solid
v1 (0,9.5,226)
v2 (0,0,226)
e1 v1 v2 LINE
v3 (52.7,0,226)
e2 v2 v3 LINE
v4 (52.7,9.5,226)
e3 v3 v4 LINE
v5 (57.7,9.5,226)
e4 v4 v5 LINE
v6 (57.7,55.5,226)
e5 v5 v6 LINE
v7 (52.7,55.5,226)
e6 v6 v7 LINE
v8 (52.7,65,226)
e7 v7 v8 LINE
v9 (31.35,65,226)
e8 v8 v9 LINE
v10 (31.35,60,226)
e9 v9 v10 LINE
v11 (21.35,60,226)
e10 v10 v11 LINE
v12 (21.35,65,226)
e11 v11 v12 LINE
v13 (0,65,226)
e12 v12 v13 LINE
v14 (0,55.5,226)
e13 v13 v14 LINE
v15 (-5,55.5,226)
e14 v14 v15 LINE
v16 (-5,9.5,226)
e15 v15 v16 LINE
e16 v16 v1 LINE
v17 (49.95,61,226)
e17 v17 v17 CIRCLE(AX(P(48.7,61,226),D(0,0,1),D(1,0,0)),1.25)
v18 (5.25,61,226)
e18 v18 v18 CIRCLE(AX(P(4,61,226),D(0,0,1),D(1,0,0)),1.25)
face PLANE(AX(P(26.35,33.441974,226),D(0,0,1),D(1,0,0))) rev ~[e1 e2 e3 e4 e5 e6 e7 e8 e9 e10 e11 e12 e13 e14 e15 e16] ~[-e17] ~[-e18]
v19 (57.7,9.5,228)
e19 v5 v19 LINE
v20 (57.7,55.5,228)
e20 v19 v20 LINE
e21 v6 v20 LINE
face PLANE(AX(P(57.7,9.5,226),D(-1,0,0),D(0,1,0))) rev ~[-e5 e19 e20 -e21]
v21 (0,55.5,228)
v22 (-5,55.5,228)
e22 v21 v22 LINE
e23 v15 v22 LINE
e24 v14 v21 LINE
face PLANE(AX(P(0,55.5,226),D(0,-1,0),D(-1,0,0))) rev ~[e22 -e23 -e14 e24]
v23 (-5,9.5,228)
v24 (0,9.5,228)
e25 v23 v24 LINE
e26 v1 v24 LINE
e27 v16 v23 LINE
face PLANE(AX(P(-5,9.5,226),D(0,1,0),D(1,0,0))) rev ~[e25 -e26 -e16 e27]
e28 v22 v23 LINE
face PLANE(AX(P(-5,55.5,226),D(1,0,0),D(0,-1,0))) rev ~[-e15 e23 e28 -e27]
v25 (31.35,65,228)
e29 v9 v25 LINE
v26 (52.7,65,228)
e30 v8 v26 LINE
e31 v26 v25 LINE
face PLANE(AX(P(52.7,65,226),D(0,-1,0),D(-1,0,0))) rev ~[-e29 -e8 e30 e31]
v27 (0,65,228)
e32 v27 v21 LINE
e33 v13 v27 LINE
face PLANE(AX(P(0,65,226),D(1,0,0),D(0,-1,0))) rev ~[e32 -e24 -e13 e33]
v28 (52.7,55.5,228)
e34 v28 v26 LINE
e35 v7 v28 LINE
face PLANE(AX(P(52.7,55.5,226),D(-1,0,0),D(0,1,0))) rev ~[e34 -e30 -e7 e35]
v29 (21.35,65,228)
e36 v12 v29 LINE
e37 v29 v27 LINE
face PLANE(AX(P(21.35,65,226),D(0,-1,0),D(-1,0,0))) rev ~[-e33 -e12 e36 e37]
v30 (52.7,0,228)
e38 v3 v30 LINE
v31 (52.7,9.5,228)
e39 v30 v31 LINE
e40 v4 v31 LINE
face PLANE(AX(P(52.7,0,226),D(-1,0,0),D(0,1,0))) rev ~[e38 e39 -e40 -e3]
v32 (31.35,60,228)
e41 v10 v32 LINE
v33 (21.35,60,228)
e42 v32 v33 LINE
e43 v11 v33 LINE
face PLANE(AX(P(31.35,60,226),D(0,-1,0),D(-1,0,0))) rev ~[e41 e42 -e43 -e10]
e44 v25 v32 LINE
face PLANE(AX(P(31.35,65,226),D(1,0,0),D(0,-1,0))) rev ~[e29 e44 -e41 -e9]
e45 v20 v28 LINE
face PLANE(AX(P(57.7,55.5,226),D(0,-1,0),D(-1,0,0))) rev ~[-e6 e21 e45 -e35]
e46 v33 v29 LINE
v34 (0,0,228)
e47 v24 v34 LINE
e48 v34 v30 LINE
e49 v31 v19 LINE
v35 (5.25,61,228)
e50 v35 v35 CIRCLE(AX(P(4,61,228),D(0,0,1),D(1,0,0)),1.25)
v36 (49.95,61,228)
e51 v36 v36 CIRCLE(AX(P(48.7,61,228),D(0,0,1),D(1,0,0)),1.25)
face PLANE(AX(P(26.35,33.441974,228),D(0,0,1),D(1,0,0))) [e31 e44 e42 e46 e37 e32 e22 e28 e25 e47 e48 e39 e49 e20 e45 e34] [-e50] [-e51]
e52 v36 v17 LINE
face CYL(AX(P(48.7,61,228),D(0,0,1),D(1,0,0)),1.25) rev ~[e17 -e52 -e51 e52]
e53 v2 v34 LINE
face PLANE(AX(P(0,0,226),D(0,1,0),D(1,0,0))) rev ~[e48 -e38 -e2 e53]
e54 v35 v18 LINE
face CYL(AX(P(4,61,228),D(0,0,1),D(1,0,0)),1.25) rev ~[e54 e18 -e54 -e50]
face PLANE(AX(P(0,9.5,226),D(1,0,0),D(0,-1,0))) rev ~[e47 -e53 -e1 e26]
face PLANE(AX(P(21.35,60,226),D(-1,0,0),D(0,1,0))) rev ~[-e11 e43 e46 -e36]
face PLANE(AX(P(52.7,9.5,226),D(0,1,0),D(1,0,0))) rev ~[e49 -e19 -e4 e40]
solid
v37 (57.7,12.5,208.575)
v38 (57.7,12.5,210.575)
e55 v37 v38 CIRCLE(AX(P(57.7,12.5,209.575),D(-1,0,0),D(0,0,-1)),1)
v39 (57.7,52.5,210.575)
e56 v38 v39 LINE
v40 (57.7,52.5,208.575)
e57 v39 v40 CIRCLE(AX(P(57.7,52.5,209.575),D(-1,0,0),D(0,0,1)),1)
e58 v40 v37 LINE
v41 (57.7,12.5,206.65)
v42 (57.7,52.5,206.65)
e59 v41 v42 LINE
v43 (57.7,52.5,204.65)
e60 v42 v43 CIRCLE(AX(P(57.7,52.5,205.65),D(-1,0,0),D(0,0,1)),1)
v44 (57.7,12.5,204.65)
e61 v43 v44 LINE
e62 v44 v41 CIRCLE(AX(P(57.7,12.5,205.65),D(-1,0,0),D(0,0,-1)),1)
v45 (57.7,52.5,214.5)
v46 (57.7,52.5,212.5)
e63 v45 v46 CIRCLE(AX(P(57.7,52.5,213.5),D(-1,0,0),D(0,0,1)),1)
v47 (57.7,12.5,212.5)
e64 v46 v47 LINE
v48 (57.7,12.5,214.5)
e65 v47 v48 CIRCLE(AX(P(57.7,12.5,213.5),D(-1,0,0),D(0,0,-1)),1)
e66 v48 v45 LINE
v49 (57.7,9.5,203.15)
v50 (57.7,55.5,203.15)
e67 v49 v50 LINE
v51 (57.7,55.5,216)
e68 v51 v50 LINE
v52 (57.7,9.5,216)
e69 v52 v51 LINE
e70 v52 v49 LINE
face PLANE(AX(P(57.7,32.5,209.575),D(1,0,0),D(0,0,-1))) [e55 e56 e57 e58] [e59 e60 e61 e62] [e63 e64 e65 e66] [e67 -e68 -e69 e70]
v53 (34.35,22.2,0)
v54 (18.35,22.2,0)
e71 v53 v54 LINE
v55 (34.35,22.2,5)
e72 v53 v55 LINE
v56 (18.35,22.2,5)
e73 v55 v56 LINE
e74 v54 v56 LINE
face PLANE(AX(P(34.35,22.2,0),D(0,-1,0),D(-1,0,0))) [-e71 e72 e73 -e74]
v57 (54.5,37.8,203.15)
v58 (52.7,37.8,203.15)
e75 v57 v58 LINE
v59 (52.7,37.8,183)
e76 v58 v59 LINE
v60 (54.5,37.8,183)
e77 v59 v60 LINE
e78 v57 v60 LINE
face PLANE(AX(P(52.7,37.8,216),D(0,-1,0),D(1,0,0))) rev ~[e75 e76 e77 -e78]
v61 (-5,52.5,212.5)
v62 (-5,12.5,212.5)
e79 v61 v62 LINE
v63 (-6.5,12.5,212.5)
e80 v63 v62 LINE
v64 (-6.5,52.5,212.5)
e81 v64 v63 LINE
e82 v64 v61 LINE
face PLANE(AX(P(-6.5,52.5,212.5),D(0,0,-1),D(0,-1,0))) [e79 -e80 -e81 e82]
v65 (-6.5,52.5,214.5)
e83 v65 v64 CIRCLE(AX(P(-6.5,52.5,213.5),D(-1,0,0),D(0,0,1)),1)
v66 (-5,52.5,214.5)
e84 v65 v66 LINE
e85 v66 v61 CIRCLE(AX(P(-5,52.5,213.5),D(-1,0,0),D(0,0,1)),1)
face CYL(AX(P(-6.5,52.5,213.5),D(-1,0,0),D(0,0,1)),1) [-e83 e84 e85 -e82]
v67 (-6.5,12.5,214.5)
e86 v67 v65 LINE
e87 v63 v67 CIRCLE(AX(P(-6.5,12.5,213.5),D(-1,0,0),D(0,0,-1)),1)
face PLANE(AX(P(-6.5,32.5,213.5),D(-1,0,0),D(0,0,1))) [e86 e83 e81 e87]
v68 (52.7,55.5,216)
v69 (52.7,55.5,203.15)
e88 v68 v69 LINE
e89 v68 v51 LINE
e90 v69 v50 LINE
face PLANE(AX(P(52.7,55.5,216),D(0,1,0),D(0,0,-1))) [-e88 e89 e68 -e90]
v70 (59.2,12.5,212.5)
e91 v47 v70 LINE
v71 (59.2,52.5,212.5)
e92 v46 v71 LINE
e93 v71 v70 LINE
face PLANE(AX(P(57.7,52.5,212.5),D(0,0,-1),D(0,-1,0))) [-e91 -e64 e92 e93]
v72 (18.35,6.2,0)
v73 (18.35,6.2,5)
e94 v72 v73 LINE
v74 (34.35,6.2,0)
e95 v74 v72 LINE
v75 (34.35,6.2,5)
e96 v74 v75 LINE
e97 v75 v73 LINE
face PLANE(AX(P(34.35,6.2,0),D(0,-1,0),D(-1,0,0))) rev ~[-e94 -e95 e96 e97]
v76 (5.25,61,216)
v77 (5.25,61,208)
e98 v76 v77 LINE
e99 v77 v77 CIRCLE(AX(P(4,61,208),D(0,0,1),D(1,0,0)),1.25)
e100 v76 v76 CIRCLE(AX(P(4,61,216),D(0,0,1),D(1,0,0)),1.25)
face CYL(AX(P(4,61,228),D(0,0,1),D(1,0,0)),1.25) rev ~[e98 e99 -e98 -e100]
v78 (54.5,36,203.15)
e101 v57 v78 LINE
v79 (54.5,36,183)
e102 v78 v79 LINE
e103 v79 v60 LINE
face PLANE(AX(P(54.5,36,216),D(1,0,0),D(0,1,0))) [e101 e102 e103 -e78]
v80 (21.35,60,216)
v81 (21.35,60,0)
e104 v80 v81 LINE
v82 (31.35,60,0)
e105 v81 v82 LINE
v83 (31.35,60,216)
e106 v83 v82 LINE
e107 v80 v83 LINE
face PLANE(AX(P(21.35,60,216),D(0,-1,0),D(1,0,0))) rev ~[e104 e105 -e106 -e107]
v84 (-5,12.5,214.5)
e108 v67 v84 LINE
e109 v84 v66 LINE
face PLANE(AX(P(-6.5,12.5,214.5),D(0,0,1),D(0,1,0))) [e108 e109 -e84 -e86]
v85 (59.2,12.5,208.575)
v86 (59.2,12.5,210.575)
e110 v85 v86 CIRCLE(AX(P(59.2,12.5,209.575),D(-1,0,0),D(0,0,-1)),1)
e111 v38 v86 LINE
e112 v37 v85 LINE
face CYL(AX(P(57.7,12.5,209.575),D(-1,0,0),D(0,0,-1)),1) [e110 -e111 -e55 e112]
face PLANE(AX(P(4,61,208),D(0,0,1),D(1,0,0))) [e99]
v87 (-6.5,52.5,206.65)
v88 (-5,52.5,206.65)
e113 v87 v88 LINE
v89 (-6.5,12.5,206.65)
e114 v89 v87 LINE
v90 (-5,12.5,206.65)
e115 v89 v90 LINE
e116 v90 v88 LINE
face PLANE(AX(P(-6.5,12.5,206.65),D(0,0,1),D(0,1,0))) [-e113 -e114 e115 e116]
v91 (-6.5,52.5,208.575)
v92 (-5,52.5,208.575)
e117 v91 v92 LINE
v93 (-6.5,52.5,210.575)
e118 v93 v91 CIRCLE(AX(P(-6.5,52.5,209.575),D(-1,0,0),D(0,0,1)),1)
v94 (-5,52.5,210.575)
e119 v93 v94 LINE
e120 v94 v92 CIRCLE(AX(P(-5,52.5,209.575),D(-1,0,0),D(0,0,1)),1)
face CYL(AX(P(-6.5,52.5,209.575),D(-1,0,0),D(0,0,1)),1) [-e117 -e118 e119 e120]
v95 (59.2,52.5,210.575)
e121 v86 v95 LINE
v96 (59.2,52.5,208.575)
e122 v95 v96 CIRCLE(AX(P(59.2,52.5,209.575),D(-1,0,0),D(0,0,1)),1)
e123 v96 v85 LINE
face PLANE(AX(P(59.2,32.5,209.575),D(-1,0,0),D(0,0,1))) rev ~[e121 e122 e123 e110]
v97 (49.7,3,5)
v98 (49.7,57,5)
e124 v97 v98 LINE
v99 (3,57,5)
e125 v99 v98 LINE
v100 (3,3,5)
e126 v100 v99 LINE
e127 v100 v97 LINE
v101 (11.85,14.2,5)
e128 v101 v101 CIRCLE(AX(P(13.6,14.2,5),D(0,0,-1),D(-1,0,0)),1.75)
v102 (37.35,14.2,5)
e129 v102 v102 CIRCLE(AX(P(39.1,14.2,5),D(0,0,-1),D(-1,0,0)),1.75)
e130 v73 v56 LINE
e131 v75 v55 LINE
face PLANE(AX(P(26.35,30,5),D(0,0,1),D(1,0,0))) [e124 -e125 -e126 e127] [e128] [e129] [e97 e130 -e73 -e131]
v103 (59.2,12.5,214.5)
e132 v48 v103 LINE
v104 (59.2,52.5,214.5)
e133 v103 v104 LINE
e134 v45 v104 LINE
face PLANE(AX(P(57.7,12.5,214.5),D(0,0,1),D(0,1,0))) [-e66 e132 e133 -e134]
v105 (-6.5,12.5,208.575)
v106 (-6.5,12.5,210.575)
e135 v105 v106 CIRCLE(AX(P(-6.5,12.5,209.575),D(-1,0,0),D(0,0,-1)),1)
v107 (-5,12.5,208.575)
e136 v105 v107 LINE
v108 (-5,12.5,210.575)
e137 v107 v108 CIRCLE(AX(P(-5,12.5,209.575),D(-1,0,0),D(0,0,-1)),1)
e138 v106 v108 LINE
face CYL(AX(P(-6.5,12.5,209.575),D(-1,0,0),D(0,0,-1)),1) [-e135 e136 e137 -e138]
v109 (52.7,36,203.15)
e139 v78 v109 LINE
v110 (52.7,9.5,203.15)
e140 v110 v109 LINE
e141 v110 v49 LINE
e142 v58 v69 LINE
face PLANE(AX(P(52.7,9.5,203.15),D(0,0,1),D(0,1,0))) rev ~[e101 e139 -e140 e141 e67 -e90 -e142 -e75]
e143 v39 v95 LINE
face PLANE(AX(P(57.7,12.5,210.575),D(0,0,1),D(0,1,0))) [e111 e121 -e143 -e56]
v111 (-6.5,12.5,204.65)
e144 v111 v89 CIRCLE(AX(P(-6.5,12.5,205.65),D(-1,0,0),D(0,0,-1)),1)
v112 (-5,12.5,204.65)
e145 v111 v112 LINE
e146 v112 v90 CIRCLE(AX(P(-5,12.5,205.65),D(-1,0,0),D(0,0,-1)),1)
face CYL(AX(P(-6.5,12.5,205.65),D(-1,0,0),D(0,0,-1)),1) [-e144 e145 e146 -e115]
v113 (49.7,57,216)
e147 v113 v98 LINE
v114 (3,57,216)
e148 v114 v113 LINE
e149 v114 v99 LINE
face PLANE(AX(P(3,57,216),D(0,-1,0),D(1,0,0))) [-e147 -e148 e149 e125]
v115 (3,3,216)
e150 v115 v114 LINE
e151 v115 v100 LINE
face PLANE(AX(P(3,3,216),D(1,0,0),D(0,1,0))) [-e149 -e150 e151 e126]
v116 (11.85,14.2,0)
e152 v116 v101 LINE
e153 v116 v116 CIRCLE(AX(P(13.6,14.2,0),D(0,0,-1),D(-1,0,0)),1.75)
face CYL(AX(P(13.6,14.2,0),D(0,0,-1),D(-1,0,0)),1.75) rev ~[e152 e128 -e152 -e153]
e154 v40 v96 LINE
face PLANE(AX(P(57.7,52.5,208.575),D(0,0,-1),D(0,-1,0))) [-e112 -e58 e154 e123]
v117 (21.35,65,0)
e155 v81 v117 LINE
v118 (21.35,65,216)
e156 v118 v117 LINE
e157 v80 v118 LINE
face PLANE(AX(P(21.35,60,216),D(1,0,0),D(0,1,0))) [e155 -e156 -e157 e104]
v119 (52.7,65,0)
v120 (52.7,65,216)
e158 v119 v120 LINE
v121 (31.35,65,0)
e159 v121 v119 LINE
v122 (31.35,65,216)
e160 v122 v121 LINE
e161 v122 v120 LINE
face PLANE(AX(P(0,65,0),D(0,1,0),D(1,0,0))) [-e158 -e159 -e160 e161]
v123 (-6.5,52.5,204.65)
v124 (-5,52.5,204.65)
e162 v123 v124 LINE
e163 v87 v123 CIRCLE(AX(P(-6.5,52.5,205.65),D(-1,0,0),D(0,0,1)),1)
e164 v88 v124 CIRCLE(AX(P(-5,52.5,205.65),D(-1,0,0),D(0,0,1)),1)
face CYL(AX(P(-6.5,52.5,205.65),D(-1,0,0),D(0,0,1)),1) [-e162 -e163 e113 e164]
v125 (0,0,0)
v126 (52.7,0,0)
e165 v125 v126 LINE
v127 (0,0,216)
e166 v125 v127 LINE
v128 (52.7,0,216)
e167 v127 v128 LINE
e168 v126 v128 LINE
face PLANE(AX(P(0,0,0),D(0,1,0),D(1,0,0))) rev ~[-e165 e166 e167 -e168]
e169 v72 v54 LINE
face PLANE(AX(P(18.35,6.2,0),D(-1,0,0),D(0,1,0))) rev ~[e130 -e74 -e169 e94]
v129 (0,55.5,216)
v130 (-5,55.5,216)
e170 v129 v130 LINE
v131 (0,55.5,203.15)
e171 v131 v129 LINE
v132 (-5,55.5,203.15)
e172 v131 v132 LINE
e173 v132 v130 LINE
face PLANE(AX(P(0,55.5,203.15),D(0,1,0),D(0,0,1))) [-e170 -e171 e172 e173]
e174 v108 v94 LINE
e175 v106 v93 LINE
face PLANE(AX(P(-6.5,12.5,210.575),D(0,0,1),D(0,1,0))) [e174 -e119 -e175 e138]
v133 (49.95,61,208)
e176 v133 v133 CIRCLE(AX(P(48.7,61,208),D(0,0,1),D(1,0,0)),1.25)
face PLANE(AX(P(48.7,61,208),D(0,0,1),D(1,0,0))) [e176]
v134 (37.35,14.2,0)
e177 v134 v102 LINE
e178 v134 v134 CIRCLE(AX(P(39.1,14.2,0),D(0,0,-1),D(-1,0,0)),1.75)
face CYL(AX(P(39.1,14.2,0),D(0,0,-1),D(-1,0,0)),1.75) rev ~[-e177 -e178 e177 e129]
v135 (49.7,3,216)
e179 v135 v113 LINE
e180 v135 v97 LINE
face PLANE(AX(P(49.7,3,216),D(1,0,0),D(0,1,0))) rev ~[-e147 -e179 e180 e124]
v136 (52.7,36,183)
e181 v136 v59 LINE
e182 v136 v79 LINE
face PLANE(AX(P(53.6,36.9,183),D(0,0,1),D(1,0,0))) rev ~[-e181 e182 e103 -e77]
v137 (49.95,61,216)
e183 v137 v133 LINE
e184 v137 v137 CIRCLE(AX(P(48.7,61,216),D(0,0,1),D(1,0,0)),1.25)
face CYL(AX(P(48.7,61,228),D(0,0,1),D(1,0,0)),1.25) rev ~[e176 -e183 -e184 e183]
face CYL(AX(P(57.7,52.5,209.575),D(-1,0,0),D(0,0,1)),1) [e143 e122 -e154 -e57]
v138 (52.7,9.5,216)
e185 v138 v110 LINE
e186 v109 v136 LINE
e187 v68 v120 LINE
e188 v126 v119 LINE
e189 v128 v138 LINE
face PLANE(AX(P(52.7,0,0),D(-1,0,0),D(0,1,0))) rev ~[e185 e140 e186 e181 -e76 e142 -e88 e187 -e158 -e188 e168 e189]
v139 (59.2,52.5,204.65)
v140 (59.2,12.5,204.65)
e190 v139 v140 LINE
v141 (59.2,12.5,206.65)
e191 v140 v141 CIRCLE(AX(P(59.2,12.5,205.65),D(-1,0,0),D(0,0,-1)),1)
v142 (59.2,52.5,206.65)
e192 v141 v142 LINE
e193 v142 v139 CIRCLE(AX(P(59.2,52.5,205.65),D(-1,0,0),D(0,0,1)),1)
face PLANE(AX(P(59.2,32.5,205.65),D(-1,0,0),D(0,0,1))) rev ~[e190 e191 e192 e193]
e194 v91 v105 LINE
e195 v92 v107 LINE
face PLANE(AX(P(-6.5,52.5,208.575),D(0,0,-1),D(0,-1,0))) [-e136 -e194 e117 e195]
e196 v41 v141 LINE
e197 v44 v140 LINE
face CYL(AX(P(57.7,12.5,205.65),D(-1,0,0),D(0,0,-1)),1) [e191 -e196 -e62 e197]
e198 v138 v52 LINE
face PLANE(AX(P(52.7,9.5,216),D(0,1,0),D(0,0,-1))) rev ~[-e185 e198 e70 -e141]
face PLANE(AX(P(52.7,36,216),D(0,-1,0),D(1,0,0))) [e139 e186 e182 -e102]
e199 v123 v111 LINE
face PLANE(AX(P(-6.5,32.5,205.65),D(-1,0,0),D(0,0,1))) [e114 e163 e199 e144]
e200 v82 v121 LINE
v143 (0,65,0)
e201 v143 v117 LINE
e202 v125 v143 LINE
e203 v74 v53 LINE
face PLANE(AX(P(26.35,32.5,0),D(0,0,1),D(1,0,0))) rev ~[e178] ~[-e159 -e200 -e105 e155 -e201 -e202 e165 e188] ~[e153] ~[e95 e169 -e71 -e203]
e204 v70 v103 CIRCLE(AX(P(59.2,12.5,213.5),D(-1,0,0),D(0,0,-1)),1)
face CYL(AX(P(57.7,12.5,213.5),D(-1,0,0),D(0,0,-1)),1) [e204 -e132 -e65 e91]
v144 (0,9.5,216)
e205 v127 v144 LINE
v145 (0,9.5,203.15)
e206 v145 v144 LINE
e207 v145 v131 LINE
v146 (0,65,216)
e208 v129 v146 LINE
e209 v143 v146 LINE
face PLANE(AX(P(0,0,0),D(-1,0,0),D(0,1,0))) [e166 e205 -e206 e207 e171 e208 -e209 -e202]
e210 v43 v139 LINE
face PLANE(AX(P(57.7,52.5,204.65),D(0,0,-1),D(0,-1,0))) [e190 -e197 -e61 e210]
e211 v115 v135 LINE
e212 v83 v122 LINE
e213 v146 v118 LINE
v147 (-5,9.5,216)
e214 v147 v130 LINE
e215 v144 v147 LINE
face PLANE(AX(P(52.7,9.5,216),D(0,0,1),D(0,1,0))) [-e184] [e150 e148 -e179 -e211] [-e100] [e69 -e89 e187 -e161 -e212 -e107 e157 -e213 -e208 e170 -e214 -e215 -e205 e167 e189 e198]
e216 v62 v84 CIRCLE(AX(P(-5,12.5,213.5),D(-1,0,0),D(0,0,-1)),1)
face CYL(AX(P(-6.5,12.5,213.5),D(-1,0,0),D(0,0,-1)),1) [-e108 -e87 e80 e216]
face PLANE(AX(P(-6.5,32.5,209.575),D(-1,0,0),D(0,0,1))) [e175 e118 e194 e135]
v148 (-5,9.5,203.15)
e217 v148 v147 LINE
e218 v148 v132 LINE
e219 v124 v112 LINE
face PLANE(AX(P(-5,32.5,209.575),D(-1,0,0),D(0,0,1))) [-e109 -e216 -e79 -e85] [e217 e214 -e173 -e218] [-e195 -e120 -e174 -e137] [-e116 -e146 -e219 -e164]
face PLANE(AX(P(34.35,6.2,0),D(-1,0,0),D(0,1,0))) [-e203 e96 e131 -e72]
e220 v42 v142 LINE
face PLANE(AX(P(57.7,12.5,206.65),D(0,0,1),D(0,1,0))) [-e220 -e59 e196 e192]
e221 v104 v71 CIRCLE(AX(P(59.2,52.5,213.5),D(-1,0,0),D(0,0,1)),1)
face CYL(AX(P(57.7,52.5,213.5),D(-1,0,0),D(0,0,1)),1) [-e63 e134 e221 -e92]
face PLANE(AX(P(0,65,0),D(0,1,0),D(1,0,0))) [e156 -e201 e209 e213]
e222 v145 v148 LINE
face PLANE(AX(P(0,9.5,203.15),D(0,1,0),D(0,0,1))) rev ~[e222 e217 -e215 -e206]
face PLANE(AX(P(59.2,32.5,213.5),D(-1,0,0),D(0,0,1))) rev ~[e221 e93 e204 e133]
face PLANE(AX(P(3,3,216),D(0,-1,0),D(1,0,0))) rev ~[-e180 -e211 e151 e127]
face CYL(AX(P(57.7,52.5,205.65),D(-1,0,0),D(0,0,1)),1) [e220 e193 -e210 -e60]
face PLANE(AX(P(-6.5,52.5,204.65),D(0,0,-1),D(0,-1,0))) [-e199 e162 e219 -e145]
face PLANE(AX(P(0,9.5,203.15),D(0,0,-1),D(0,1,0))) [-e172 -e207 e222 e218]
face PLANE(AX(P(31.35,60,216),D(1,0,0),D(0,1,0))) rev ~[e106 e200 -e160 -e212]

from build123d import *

# Parameters (mm, degrees)
SKETCH_1_W          = 52.7
SKETCH_1_H          = 65
EXTRUDE_1_DEPTH     = 216
SKETCH_2_W          = 10
SKETCH_2_H          = 5
CUT_EXTRUDE_1_DEPTH = 232.642591075
SKETCH_3_W          = 46.7
SKETCH_3_H          = 54
CUT_EXTRUDE_2_DEPTH = 211
SKETCH_6_R          = 1.75
SKETCH_6_W          = 16
SKETCH_6_H          = 16
CUT_EXTRUDE_3_DEPTH = 5
SKETCH_7_W          = 1.8
SKETCH_7_H          = 1.8
EXTRUDE_2_DEPTH     = 33
SKETCH_9_W          = 12.85
SKETCH_9_H          = 46
EXTRUDE_3_DEPTH     = 5
SKETCH_10_W         = 12.85
SKETCH_10_H         = 46
EXTRUDE_4_DEPTH     = 5
EXTRUDE_5_DEPTH     = 1.5
EXTRUDE_START       = 1.5
EXTRUDE_6_DEPTH     = 1.5
EXTRUDE_7_DEPTH     = 2
SKETCH_15_R         = 1.25
CUT_EXTRUDE_4_DEPTH = 20


with BuildPart() as part:
    # 草图1 → 凸台-拉伸1 (new body)
    with BuildSketch(Plane.XY):
        with Locations((26.35, 32.5)):
            Rectangle(SKETCH_1_W, SKETCH_1_H)
    extrude(amount=EXTRUDE_1_DEPTH)

    # 草图2 → 切除-拉伸1 (cut, through all)
    with BuildSketch(Plane.XY.offset(216)):
        with Locations((26.35, 62.5)):
            Rectangle(SKETCH_2_W, SKETCH_2_H)
    extrude(amount=-CUT_EXTRUDE_1_DEPTH, mode=Mode.SUBTRACT)

    # 草图3 → 切除-拉伸2 (cut)
    with BuildSketch(Plane.XY.offset(216)):
        with Locations((26.35, 30)):
            Rectangle(SKETCH_3_W, SKETCH_3_H)
    extrude(amount=-CUT_EXTRUDE_2_DEPTH, mode=Mode.SUBTRACT)

    # 草图6 → 切除-拉伸3 (cut)
    with BuildSketch(Plane(origin=(0, 0, 0), x_dir=(-1, 0, 0), z_dir=(0, 0, -1))):
        with Locations((-13.6, 14.2)):
            Circle(SKETCH_6_R)
        with Locations((-39.1, 14.2)):
            Circle(SKETCH_6_R)
        with Locations((-26.35, 14.2)):
            Rectangle(SKETCH_6_W, SKETCH_6_H)
    extrude(amount=-CUT_EXTRUDE_3_DEPTH, mode=Mode.SUBTRACT)

    # 草图7 → 凸台-拉伸2 (add)
    with BuildSketch(Plane.XY.offset(216)):
        with Locations((53.6, 36.9)):
            Rectangle(SKETCH_7_W, SKETCH_7_H)
    extrude(amount=-EXTRUDE_2_DEPTH)

    # 草图9 → 凸台-拉伸3 (add)
    with BuildSketch(Plane.ZY):
        with Locations((209.575, 32.5)):
            Rectangle(SKETCH_9_W, SKETCH_9_H)
    extrude(amount=EXTRUDE_3_DEPTH)

    # 草图10 → 凸台-拉伸4 (add)
    with BuildSketch(Plane(origin=(52.7, 0, 0), x_dir=(0, 0, -1), z_dir=(1, 0, 0))):
        with Locations((-209.575, 32.5)):
            Rectangle(SKETCH_10_W, SKETCH_10_H)
    extrude(amount=EXTRUDE_4_DEPTH)

    # 草图11 → 凸台-拉伸5 (add)
    with BuildSketch(Plane(origin=(57.7, 0, 0), x_dir=(0, 0, -1), z_dir=(1, 0, 0))):
        with BuildLine():
            Line((-214.5, 12.5), (-214.5, 52.5))
            ThreePointArc((-214.5, 52.5), (-213.5, 53.5), (-212.5, 52.5))
            Line((-212.5, 52.5), (-212.5, 12.5))
            ThreePointArc((-212.5, 12.5), (-213.5, 11.5), (-214.5, 12.5))
        make_face()
        with BuildLine():
            Line((-210.575, 12.5), (-210.575, 52.5))
            ThreePointArc((-210.575, 52.5), (-209.575, 53.5), (-208.575, 52.5))
            Line((-208.575, 52.5), (-208.575, 12.5))
            ThreePointArc((-208.575, 12.5), (-209.575, 11.5), (-210.575, 12.5))
        make_face()
        with BuildLine():
            Line((-206.65, 12.5), (-206.65, 52.5))
            ThreePointArc((-206.65, 52.5), (-205.65, 53.5), (-204.65, 52.5))
            Line((-204.65, 52.5), (-204.65, 12.5))
            ThreePointArc((-204.65, 12.5), (-205.65, 11.5), (-206.65, 12.5))
        make_face()
    extrude(amount=EXTRUDE_5_DEPTH)

    # 草图12 → 凸台-拉伸6 (add)
    with BuildSketch(Plane.ZY.offset(5).offset(EXTRUDE_START)):
        with BuildLine():
            Line((214.5, 12.5), (214.5, 52.5))
            ThreePointArc((214.5, 52.5), (213.5, 53.5), (212.5, 52.5))
            Line((212.5, 52.5), (212.5, 12.5))
            ThreePointArc((212.5, 12.5), (213.5, 11.5), (214.5, 12.5))
        make_face()
        with BuildLine():
            Line((206.65, 12.5), (206.65, 52.5))
            ThreePointArc((206.65, 52.5), (205.65, 53.5), (204.65, 52.5))
            Line((204.65, 52.5), (204.65, 12.5))
            ThreePointArc((204.65, 12.5), (205.65, 11.5), (206.65, 12.5))
        make_face()
        with BuildLine():
            Line((210.575, 12.5), (210.575, 52.5))
            ThreePointArc((210.575, 52.5), (209.575, 53.5), (208.575, 52.5))
            Line((208.575, 52.5), (208.575, 12.5))
            ThreePointArc((208.575, 12.5), (209.575, 11.5), (210.575, 12.5))
        make_face()
    extrude(amount=-EXTRUDE_6_DEPTH)


with BuildPart() as body_2:
    # 草图14 → 凸台-拉伸7 (new body)
    with BuildSketch(Plane.XY.offset(226)):
        Polygon((57.7, 55.5), (52.7, 55.5), (52.7, 65), (31.35, 65), (31.35, 60), (21.35, 60), (21.35, 65), (0, 65), (0, 55.5), (-5, 55.5), (-5, 9.5), (0, 9.5), (0, 0), (52.7, 0), (52.7, 9.5), (57.7, 9.5), align=None)
    extrude(amount=EXTRUDE_7_DEPTH)


with BuildPart() as cut_extrude_4_tool:
    # 草图15 → 切除-拉伸4 (new body)
    with BuildSketch(Plane.XY.offset(228)):
        with Locations((4, 61)):
            Circle(SKETCH_15_R)
        with Locations((48.7, 61)):
            Circle(SKETCH_15_R)
    extrude(amount=-CUT_EXTRUDE_4_DEPTH)


with BuildPart() as part_1:
    add(part.part)

    # 切除-拉伸4: cut by cut_extrude_4_tool
    add(cut_extrude_4_tool.part, mode=Mode.SUBTRACT)


with BuildPart() as body_2_1:
    add(body_2.part)

    # 切除-拉伸4: cut by cut_extrude_4_tool
    add(cut_extrude_4_tool.part, mode=Mode.SUBTRACT)


solid = Compound([part_1.part, body_2_1.part])
